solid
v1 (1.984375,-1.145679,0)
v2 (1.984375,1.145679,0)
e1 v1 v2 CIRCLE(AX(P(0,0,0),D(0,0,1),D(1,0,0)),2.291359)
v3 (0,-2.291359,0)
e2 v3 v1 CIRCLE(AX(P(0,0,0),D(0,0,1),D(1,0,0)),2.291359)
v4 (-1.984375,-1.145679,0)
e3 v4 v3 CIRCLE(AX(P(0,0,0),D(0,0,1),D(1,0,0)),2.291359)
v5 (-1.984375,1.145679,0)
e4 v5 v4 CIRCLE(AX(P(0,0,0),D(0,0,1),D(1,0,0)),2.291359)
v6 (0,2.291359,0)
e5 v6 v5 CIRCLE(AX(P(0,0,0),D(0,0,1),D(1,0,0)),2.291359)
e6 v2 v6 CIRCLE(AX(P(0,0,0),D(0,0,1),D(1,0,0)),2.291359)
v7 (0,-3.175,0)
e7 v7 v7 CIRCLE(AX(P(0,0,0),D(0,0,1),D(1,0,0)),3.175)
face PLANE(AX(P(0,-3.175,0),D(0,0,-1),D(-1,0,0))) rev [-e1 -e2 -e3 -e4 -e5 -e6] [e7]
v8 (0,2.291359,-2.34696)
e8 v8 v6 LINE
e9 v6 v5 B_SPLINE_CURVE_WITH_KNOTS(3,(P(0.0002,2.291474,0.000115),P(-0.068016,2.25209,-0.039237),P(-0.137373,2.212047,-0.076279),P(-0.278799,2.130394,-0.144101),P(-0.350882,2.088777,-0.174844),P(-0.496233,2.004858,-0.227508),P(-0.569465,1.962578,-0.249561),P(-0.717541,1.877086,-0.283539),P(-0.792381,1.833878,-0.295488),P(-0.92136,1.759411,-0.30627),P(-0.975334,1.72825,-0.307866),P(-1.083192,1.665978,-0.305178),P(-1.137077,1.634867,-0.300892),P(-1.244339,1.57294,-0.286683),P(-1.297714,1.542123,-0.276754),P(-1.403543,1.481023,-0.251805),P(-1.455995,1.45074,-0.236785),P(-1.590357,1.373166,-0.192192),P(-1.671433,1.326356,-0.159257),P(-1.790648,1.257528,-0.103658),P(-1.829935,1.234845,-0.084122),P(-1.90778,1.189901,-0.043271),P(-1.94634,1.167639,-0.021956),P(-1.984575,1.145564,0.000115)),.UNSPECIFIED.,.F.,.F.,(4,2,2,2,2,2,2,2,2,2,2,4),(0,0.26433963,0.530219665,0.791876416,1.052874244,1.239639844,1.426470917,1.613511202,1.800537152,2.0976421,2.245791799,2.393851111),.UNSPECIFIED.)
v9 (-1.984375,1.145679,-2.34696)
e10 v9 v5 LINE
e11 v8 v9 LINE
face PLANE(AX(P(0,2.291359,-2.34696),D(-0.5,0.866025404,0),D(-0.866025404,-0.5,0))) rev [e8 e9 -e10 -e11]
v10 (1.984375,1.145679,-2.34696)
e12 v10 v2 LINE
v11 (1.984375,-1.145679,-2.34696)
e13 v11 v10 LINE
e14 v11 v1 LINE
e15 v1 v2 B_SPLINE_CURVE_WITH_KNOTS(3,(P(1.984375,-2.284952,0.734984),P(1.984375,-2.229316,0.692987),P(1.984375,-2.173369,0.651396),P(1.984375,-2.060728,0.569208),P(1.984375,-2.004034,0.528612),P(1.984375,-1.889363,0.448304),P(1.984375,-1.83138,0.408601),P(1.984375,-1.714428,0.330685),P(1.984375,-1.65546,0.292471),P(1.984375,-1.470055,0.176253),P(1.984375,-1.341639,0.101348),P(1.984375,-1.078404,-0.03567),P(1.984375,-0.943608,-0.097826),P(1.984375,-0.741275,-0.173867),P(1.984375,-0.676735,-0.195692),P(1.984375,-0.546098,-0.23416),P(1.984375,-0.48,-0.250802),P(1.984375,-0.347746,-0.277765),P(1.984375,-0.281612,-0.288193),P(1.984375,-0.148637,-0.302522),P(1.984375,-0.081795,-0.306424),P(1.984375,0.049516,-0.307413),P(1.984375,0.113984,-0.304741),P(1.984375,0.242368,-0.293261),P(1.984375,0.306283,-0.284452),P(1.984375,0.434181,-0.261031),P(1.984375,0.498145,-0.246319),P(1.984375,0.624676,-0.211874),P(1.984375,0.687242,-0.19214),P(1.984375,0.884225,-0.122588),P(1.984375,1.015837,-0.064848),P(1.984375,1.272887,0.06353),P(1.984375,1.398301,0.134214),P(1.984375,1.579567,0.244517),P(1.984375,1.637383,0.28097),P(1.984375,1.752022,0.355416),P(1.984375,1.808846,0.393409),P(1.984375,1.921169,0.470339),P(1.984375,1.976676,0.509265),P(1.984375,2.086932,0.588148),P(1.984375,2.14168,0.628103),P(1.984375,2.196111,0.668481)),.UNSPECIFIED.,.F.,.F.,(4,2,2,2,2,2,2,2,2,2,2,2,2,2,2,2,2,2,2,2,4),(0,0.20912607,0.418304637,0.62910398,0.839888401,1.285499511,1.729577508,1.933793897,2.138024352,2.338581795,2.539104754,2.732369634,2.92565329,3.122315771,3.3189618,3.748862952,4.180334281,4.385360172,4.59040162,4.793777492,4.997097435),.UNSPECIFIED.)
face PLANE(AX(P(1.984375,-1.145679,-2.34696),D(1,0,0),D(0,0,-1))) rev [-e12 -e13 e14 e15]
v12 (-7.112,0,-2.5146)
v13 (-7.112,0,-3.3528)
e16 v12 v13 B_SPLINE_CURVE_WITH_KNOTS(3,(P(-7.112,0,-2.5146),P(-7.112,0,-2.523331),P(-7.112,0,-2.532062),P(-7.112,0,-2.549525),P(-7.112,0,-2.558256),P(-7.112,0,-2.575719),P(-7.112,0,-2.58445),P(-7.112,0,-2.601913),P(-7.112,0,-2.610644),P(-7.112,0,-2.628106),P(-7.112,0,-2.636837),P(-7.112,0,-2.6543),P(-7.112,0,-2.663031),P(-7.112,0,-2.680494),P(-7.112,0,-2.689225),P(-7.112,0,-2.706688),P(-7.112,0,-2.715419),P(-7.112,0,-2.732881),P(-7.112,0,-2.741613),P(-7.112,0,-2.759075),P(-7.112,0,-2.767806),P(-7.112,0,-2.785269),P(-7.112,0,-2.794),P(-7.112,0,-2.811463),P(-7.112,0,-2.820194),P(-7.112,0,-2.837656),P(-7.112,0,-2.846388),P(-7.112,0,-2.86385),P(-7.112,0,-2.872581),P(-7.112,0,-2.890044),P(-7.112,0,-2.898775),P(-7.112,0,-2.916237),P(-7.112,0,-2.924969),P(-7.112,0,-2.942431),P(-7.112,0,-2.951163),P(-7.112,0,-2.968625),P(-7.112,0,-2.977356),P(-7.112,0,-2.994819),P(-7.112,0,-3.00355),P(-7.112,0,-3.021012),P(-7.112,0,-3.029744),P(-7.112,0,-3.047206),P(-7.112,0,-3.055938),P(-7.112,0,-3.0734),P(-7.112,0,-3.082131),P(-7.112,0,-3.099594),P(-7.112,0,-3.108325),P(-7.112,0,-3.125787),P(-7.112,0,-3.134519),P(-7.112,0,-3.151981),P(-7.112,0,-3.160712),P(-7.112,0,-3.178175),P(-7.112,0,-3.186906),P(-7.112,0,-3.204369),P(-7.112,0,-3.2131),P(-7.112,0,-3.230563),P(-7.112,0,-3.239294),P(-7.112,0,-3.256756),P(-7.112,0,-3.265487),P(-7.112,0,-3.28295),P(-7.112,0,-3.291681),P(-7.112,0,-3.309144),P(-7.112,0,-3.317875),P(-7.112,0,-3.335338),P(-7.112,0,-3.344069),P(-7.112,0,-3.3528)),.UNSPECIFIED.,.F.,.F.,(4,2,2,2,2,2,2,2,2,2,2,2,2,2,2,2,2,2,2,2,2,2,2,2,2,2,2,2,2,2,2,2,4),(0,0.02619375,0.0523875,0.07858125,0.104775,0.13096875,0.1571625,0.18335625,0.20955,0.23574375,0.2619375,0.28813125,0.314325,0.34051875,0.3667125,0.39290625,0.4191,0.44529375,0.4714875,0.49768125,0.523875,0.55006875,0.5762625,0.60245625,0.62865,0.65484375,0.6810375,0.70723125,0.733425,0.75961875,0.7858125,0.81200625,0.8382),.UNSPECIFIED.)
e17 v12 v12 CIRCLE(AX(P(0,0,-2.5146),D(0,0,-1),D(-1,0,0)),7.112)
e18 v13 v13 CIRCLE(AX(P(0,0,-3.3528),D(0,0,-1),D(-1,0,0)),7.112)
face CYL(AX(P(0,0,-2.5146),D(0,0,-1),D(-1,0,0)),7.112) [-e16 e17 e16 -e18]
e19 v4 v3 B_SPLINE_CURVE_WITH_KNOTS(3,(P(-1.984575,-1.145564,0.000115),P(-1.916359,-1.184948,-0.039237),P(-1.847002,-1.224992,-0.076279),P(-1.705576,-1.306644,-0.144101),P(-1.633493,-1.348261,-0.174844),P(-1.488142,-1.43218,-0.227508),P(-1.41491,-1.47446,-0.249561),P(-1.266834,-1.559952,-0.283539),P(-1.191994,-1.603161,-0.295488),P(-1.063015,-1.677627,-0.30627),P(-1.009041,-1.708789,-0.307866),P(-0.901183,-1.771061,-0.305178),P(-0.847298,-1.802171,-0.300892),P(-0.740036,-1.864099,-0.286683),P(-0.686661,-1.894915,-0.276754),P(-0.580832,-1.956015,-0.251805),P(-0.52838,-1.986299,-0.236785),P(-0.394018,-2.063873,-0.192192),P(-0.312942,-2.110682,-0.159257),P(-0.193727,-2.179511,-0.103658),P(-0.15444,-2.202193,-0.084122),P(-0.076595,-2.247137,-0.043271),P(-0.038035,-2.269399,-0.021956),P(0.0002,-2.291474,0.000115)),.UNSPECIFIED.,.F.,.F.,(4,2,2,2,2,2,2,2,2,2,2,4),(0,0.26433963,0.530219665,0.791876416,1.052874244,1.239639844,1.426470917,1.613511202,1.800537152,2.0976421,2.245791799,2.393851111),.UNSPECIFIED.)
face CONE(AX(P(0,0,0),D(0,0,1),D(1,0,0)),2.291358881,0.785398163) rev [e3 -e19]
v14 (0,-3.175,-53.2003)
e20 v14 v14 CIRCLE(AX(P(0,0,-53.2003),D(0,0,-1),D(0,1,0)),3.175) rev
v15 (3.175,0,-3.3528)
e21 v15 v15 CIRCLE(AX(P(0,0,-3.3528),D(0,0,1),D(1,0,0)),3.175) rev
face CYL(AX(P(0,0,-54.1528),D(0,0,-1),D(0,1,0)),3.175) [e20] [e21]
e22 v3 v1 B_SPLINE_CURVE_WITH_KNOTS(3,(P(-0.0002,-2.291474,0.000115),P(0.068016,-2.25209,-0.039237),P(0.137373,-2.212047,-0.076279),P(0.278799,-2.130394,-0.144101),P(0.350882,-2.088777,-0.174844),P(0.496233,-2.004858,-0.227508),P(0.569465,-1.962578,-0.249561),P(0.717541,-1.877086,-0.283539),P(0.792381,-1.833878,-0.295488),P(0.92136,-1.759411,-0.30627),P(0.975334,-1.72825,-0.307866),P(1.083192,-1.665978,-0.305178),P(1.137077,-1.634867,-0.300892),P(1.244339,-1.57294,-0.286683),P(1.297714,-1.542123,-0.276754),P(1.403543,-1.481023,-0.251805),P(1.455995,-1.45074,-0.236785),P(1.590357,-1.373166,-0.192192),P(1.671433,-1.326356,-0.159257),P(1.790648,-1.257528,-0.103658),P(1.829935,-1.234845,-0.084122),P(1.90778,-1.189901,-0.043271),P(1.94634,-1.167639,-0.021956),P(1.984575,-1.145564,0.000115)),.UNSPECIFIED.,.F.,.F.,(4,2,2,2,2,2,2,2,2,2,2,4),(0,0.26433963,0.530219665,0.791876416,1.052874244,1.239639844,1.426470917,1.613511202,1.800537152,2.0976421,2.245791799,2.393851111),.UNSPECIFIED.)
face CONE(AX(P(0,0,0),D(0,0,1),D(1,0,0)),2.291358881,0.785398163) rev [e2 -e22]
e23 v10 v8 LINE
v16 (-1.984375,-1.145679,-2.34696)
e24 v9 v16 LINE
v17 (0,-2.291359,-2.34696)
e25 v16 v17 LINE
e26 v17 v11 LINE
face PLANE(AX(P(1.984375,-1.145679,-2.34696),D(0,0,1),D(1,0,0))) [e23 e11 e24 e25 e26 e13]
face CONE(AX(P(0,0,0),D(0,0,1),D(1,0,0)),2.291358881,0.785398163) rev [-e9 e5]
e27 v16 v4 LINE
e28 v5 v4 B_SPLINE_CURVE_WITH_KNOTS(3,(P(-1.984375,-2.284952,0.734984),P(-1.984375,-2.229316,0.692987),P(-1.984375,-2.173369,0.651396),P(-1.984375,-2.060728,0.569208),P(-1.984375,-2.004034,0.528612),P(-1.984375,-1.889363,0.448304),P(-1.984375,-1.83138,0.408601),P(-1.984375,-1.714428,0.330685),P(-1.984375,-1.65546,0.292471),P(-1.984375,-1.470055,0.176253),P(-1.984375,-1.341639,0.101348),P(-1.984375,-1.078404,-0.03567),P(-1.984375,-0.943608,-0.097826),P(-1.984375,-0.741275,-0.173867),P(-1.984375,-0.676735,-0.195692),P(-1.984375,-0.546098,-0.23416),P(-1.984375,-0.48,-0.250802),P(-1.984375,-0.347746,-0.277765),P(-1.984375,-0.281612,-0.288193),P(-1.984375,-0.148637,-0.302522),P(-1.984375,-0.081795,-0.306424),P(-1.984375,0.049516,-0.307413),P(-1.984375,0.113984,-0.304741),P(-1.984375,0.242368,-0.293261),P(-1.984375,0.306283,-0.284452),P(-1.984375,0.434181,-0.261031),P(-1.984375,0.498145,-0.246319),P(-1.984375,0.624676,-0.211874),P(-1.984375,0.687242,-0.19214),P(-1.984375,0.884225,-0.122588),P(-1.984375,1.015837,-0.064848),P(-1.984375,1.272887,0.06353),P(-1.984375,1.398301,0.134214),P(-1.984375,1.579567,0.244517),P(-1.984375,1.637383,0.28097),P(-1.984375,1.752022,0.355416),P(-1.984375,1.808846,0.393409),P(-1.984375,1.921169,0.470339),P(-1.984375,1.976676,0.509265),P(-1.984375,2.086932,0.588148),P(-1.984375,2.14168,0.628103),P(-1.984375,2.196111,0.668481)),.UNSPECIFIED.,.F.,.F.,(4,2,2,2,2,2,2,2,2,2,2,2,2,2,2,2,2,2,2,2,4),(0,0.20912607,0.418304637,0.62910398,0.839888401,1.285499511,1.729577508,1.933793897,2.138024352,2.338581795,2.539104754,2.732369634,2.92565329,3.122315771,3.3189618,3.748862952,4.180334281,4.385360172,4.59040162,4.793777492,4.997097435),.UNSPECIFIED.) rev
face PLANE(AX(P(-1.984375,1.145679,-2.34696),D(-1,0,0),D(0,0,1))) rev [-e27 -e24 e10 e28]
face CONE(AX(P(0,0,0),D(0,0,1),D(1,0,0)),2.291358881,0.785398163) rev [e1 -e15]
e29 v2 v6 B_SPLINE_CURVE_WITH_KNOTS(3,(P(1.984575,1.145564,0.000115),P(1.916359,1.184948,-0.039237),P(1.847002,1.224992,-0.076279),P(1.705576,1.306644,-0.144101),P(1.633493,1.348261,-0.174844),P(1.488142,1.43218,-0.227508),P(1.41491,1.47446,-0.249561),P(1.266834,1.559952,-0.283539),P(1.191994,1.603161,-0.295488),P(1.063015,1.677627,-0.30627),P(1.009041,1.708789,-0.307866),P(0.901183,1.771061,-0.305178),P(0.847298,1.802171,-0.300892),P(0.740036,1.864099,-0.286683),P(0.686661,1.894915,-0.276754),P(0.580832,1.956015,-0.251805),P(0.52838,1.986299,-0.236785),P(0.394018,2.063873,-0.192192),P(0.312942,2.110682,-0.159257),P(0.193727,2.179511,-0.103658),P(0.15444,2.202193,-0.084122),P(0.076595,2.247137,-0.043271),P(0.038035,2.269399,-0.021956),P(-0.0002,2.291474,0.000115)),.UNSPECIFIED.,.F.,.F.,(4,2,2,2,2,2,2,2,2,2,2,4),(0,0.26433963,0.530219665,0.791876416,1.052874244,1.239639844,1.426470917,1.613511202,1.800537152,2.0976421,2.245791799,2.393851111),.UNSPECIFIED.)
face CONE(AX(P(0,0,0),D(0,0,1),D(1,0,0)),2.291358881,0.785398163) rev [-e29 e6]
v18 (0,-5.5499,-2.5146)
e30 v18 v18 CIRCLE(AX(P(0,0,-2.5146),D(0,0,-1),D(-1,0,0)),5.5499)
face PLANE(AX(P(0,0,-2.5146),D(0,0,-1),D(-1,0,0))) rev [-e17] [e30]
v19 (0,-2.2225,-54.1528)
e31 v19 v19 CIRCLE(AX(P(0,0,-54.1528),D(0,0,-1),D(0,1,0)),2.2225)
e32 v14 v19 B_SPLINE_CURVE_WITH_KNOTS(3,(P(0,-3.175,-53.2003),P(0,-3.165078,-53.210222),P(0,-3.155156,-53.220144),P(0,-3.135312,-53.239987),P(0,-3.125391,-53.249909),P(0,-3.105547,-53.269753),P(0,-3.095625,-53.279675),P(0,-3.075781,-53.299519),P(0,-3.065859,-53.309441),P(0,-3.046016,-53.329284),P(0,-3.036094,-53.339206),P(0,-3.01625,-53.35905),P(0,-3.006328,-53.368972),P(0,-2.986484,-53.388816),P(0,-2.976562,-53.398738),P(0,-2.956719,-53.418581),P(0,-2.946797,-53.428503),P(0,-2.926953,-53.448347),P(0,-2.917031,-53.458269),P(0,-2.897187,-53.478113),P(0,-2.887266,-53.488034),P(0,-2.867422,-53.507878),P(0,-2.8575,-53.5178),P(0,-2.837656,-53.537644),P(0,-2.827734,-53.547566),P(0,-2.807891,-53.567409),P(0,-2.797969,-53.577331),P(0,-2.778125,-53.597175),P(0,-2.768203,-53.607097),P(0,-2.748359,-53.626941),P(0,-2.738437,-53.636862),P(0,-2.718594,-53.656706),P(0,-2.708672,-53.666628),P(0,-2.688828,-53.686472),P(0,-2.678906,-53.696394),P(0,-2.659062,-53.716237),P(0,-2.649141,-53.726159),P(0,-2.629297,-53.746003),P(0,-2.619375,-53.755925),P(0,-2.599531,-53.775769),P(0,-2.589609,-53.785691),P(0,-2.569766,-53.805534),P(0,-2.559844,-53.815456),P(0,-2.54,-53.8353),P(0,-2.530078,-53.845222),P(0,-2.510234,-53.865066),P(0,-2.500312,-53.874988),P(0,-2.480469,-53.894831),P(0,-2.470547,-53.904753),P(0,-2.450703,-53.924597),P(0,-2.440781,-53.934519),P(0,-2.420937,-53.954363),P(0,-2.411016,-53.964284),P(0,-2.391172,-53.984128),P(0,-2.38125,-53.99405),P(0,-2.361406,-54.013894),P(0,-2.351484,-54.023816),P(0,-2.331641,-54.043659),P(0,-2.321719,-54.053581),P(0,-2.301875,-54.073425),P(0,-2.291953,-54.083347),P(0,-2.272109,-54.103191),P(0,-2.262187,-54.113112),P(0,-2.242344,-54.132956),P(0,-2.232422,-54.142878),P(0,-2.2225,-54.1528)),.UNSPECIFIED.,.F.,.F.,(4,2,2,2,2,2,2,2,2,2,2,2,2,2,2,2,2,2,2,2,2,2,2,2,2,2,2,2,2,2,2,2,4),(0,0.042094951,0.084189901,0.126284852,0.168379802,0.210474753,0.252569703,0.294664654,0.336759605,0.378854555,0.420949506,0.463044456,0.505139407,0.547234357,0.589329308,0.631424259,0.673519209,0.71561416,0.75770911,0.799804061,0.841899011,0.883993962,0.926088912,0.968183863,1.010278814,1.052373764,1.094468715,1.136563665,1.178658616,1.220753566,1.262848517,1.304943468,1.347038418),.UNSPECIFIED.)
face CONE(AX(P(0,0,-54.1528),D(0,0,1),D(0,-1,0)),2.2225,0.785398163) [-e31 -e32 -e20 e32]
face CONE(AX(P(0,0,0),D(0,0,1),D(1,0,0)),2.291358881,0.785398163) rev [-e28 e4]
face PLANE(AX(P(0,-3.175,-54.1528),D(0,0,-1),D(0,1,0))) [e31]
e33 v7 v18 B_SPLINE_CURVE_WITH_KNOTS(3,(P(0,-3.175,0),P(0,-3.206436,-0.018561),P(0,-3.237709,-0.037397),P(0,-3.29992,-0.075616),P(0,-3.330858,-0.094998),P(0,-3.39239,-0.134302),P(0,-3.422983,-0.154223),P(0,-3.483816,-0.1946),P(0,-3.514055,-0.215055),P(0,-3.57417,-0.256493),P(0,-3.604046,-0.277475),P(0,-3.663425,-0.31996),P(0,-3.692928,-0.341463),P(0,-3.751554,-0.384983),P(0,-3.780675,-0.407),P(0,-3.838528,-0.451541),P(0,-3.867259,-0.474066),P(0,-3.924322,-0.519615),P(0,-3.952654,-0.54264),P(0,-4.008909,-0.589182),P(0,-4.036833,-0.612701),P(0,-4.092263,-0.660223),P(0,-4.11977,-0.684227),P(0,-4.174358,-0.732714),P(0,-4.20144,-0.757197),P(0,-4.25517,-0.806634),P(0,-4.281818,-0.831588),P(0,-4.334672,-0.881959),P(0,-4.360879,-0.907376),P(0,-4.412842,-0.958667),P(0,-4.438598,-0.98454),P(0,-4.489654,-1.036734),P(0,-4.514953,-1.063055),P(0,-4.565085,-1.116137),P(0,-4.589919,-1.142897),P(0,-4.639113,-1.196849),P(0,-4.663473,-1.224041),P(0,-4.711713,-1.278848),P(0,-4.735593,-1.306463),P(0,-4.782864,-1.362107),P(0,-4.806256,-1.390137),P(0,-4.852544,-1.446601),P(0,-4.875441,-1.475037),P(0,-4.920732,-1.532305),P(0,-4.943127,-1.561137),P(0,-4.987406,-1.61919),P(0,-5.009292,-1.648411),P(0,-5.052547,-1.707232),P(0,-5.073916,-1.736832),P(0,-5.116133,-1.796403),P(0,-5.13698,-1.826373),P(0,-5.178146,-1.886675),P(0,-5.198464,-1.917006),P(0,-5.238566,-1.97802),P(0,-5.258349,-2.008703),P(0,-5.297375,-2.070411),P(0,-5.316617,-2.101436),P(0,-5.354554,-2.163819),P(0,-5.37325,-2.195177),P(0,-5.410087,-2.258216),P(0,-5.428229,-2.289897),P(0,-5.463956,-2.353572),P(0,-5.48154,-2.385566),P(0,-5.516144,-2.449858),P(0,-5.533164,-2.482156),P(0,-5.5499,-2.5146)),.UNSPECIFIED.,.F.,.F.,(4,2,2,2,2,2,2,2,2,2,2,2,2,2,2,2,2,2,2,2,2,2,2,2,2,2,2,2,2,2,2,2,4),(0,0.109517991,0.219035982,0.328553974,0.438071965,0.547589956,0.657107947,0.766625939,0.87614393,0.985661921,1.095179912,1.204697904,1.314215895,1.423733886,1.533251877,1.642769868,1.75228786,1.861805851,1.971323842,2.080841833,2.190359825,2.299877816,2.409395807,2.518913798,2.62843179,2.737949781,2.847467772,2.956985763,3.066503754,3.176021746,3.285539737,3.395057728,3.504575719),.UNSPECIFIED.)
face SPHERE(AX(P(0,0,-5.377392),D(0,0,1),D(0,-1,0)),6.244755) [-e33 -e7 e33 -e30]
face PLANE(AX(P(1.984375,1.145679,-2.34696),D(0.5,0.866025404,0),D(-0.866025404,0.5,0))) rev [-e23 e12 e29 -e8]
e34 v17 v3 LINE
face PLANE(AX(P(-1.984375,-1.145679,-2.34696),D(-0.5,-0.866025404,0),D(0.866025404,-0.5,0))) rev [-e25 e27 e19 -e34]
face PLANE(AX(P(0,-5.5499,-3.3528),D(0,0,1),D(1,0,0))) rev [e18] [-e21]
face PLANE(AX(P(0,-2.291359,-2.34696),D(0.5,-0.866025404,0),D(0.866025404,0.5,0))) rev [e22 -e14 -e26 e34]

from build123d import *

# Parameters (mm, degrees)
SKETCH1_W           = 50.8
SKETCH1_H           = 3.175
CHAMFER1_SIZE       = 0.9525
SKETCH11_R          = 7.112
BOSS_EXTRUDE3_DEPTH = 0.8382
CUT_EXTRUDE2_DEPTH  = 2.34696


with BuildPart() as part:
    # Sketch1 → Revolve1 (revolve)
    with BuildSketch(Plane(origin=(0, 0, 0), x_dir=(0, 0, -1), z_dir=(1, 0, 0))):
        with Locations((28.7528, 1.5875)):
            Rectangle(SKETCH1_W, SKETCH1_H)
    revolve(axis=Axis((0, 0, -54.1528), (0, 0, 1)))

    # Chamfer1
    chamfer1_edges = [part.edges().sort_by_distance(p)[0] for p in [
        (0, -3.175, -54.1528),
    ]]
    chamfer(chamfer1_edges, length=CHAMFER1_SIZE)

    # Sketch7 → Revolve2 (revolve)
    with BuildSketch(Plane(origin=(0, 0, 0), x_dir=(0, 0, -1), z_dir=(1, 0, 0)), mode=Mode.PRIVATE) as revolve2_sk:
        with BuildLine():
            Line((2.5146, 5.5499), (3.3528, 5.5499))
            Line((3.3528, 5.5499), (3.3528, 0))
            Line((3.3528, 0), (0, 0))
            Line((0, 0), (0, 3.175))
            ThreePointArc((0, 3.175), (1.089595864, 4.540019085), (2.5146, 5.5499))
        make_face()
    revolve(revolve2_sk.sketch.rotate(Axis((0, 0, 0), (0, 0, -1)), 180), axis=Axis((0, 0, 0), (0, 0, -1)))

    # Sketch11 → Boss-Extrude3 (add)
    with BuildSketch(Plane(origin=(0, 0, -3.3528), x_dir=(-1, 0, 0), z_dir=(0, 0, -1))):
        Circle(SKETCH11_R)
    extrude(amount=-BOSS_EXTRUDE3_DEPTH)

    # Sketch5 → Cut-Extrude2 (cut)
    with BuildSketch(Plane.XY):
        Polygon((1.984375, -1.14567944), (1.984375, 1.14567944), (0, 2.291358881), (-1.984375, 1.14567944), (-1.984375, -1.14567944), (0, -2.291358881), align=None)
    extrude(amount=-CUT_EXTRUDE2_DEPTH, mode=Mode.SUBTRACT)

    # Cut-Extrude3 cone 1 section (through the dimple's axis) → Cut-Extrude3 (revolve, cut)
    with BuildSketch(Plane(origin=(0, 0, 0), x_dir=(0, -1, 0), z_dir=(1, 0, 0))):
        Polygon((0, 0), (2.291358881, 0), (0, 2.291358881), align=None)
    revolve(axis=Axis((0, 0, 0), (0, 0, -1)), mode=Mode.SUBTRACT)


solid = part.part
